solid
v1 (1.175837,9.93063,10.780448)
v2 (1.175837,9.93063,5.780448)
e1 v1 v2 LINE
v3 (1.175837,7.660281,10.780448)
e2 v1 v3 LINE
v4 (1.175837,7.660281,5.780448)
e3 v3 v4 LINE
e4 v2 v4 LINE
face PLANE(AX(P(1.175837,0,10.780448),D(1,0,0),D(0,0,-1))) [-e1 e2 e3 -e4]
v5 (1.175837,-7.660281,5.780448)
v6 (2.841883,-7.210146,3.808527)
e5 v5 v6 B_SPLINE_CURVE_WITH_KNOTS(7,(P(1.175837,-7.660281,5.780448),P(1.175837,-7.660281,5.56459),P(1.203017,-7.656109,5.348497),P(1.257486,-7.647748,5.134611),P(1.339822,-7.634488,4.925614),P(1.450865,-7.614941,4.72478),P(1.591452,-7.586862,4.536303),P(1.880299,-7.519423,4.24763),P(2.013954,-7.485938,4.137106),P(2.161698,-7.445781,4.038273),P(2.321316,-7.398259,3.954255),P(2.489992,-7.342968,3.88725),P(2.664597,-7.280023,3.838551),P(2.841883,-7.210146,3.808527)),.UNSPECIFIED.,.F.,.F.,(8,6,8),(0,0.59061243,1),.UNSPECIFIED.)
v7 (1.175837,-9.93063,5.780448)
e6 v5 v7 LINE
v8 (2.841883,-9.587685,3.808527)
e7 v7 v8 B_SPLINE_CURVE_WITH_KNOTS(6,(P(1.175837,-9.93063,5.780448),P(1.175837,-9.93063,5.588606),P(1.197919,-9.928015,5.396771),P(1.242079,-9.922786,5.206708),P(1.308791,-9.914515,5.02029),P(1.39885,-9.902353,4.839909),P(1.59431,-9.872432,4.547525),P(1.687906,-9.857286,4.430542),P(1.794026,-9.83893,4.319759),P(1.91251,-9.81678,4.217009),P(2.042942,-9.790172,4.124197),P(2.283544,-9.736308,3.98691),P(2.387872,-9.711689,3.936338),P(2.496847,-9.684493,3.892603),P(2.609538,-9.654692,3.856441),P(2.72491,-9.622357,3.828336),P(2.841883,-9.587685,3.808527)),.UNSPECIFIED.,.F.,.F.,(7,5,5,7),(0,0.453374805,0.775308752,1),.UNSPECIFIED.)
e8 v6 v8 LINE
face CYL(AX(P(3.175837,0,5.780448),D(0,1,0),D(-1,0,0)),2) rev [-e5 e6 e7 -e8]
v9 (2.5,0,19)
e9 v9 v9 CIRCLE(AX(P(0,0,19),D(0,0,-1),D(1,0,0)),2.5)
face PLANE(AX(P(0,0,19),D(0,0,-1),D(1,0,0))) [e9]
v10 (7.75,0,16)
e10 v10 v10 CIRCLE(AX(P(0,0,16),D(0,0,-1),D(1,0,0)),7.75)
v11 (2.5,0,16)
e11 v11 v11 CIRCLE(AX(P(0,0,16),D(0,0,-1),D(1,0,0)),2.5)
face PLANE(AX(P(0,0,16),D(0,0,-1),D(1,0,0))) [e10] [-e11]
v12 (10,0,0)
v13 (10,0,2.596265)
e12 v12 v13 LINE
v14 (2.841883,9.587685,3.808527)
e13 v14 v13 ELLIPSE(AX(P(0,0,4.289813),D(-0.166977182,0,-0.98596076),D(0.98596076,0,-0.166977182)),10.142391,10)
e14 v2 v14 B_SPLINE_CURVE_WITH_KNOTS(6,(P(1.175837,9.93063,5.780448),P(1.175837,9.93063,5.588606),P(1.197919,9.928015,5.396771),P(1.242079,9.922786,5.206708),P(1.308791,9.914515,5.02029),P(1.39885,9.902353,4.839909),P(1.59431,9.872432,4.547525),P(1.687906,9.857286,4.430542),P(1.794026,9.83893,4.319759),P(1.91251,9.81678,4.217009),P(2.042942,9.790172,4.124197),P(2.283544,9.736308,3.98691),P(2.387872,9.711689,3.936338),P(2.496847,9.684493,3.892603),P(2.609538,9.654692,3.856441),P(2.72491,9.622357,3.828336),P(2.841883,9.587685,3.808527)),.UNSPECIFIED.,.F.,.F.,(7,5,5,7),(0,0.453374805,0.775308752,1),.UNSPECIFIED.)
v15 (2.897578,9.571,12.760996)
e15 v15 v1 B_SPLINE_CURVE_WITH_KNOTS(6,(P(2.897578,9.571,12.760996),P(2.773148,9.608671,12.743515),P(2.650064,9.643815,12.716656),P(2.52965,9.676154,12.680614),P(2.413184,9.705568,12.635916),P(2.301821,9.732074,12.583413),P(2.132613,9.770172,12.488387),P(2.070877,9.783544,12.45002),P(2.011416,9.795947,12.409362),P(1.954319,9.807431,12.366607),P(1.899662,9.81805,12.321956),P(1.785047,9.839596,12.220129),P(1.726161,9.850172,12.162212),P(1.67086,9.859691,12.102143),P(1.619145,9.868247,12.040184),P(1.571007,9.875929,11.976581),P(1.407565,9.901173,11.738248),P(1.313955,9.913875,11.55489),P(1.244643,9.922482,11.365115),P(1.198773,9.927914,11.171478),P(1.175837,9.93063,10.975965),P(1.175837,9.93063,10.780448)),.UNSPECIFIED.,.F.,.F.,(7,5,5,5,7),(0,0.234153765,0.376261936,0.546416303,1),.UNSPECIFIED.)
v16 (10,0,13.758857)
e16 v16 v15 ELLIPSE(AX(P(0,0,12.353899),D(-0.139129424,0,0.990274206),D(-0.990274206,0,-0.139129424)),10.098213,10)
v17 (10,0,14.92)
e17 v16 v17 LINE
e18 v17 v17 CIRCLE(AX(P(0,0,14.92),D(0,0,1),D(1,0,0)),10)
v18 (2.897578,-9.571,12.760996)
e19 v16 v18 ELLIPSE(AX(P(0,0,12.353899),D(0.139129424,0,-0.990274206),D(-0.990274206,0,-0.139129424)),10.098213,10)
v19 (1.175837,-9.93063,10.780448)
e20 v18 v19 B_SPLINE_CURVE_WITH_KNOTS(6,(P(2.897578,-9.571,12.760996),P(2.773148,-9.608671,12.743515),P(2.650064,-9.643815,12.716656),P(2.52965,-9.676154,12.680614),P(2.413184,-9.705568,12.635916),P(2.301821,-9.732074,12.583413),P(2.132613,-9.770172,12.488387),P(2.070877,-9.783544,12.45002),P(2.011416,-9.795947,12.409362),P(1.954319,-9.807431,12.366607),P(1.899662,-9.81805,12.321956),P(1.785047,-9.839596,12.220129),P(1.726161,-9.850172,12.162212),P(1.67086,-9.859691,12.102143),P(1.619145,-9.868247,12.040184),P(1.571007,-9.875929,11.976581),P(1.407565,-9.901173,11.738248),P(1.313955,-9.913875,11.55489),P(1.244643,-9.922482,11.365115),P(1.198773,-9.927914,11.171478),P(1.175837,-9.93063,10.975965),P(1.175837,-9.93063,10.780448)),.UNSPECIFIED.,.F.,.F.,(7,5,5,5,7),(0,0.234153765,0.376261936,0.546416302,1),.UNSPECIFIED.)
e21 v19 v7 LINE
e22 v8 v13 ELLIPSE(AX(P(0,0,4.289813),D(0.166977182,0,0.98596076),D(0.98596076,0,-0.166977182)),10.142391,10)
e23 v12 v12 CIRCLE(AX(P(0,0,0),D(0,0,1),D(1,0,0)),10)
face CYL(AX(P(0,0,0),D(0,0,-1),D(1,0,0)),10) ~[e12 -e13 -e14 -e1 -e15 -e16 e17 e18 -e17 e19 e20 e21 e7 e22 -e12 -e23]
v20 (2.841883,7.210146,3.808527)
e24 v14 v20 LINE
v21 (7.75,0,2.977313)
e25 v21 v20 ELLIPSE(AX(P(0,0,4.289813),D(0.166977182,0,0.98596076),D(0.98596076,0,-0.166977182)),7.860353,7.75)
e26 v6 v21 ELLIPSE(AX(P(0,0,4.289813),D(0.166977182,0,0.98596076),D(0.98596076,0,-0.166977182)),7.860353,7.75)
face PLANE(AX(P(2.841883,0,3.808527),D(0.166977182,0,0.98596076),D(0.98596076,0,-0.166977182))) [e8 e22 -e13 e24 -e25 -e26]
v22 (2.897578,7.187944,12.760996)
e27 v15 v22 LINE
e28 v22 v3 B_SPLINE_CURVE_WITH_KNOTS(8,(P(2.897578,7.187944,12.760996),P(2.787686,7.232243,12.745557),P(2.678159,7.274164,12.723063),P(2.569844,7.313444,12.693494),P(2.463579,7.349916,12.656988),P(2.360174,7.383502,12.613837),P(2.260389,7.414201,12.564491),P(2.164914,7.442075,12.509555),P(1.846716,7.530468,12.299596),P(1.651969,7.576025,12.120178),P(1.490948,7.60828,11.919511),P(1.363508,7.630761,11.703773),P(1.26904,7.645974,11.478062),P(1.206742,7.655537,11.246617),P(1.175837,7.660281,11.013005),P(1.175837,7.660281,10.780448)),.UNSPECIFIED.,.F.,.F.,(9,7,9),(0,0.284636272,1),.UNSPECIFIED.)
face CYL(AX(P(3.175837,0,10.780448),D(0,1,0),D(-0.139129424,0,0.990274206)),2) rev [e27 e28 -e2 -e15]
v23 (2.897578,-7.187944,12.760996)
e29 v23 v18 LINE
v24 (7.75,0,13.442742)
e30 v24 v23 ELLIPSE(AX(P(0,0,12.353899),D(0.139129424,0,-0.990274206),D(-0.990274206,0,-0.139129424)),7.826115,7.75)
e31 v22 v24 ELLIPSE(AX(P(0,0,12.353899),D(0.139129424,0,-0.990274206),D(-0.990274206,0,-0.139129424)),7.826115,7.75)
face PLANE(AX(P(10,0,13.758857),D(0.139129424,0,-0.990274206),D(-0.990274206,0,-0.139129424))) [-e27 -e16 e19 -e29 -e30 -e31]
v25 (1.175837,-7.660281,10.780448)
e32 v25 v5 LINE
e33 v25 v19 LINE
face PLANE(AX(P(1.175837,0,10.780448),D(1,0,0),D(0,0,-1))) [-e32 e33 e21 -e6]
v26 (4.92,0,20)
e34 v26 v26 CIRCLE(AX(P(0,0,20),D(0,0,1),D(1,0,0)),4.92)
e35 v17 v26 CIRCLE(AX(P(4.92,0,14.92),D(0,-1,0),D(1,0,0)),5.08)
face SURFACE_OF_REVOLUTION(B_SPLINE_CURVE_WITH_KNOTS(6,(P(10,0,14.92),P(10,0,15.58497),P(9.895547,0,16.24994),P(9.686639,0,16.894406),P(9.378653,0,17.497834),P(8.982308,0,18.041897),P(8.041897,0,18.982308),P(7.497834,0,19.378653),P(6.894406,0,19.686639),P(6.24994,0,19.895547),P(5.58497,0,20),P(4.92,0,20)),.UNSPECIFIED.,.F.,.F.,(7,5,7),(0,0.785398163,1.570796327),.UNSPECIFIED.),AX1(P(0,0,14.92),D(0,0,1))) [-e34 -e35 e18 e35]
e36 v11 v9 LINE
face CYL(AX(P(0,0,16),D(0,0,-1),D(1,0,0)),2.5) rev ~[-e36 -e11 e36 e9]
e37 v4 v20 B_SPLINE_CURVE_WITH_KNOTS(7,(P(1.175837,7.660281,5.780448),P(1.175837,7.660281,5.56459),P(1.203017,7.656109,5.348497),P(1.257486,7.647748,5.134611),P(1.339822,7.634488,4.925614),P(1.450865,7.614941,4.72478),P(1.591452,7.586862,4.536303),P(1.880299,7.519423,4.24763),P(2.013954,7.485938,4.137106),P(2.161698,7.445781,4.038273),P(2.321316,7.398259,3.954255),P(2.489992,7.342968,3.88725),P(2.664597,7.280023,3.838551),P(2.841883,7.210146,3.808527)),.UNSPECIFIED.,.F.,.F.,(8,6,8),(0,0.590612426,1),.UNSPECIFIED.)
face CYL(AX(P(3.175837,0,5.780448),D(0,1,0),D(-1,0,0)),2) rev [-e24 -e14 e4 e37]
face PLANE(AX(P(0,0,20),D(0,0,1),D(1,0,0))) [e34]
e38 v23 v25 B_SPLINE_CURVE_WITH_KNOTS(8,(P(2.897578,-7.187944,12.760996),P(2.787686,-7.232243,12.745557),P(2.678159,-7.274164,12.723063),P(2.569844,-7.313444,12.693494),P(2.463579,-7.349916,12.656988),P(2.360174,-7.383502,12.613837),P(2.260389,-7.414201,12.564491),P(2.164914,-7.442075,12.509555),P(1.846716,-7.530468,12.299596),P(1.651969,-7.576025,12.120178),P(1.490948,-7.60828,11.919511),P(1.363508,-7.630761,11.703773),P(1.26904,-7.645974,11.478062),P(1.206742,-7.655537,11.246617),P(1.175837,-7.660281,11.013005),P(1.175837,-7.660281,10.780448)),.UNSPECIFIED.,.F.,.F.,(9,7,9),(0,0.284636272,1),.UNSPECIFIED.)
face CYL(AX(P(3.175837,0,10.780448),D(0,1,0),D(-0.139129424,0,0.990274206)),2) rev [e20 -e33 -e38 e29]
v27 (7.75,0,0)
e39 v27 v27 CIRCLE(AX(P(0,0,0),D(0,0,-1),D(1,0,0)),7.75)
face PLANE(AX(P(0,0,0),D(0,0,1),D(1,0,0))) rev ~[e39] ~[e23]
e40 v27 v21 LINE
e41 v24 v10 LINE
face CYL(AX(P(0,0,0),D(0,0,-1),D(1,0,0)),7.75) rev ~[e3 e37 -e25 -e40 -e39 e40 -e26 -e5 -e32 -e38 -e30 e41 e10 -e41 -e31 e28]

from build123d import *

# Parameters (mm, degrees)
F0_R     = 10
F1_DEPTH = 20
F3_R     = 5.08
F4_DEPTH = 25
F5_DEPTH = 25.4
F6_R     = 7.75
F7_DEPTH = 16
F8_R     = 2.5
F9_DEPTH = 3


with BuildPart() as f1:
    # F0 (on Top) → F1 (new body)
    with BuildSketch(Plane.XY):
        Circle(F0_R)
    extrude(amount=F1_DEPTH)

    # F3
    f3_edges = [f1.edges().sort_by_distance(p)[0] for p in [
        (-10, 0, 20),
    ]]
    fillet(f3_edges, radius=F3_R)

    # F2 (on Front) → F4 (cut)
    with BuildSketch(Plane.XZ):
        with BuildLine():
            Line((13.2011724636, 2.0541311242), (10.8197718092, 13.8740318547))
            Line((10.8197718092, 13.8740318547), (2.8975781604, 12.7609964594))
            ThreePointArc((2.8975781604, 12.7609964594), (1.666446785, 12.0925993918), (1.1758370092, 10.7804480472))
            Line((1.1758370092, 10.7804480472), (1.1758370092, 5.7804480472))
            ThreePointArc((1.1758370092, 5.7804480472), (1.6481085109, 4.4896941453), (2.8418826446, 3.8085265269))
            Line((2.8418826446, 3.8085265269), (13.2011724636, 2.0541311242))
        make_face()
    extrude(amount=-F4_DEPTH, mode=Mode.SUBTRACT)

    # F5 (cut): a face of the model
    f5_faces = [f1.faces().sort_by_distance(p)[0] for p in [
        (5.8523701774, 0, 8.2355862053),
    ]]
    extrude(f5_faces, amount=-F5_DEPTH, mode=Mode.SUBTRACT)

    # F6 (on face) → F7 (cut)
    with BuildSketch(Plane(origin=(0, 0, 0), x_dir=(1, 0, 0), z_dir=(0, 0, -1))):
        Circle(F6_R)
    extrude(amount=-F7_DEPTH, mode=Mode.SUBTRACT)

    # F8 (on face) → F9 (cut)
    with BuildSketch(Plane(origin=(0, 0, 16), x_dir=(1, 0, 0), z_dir=(0, 0, -1))):
        Circle(F8_R)
    extrude(amount=-F9_DEPTH, mode=Mode.SUBTRACT)


solid = f1.part
